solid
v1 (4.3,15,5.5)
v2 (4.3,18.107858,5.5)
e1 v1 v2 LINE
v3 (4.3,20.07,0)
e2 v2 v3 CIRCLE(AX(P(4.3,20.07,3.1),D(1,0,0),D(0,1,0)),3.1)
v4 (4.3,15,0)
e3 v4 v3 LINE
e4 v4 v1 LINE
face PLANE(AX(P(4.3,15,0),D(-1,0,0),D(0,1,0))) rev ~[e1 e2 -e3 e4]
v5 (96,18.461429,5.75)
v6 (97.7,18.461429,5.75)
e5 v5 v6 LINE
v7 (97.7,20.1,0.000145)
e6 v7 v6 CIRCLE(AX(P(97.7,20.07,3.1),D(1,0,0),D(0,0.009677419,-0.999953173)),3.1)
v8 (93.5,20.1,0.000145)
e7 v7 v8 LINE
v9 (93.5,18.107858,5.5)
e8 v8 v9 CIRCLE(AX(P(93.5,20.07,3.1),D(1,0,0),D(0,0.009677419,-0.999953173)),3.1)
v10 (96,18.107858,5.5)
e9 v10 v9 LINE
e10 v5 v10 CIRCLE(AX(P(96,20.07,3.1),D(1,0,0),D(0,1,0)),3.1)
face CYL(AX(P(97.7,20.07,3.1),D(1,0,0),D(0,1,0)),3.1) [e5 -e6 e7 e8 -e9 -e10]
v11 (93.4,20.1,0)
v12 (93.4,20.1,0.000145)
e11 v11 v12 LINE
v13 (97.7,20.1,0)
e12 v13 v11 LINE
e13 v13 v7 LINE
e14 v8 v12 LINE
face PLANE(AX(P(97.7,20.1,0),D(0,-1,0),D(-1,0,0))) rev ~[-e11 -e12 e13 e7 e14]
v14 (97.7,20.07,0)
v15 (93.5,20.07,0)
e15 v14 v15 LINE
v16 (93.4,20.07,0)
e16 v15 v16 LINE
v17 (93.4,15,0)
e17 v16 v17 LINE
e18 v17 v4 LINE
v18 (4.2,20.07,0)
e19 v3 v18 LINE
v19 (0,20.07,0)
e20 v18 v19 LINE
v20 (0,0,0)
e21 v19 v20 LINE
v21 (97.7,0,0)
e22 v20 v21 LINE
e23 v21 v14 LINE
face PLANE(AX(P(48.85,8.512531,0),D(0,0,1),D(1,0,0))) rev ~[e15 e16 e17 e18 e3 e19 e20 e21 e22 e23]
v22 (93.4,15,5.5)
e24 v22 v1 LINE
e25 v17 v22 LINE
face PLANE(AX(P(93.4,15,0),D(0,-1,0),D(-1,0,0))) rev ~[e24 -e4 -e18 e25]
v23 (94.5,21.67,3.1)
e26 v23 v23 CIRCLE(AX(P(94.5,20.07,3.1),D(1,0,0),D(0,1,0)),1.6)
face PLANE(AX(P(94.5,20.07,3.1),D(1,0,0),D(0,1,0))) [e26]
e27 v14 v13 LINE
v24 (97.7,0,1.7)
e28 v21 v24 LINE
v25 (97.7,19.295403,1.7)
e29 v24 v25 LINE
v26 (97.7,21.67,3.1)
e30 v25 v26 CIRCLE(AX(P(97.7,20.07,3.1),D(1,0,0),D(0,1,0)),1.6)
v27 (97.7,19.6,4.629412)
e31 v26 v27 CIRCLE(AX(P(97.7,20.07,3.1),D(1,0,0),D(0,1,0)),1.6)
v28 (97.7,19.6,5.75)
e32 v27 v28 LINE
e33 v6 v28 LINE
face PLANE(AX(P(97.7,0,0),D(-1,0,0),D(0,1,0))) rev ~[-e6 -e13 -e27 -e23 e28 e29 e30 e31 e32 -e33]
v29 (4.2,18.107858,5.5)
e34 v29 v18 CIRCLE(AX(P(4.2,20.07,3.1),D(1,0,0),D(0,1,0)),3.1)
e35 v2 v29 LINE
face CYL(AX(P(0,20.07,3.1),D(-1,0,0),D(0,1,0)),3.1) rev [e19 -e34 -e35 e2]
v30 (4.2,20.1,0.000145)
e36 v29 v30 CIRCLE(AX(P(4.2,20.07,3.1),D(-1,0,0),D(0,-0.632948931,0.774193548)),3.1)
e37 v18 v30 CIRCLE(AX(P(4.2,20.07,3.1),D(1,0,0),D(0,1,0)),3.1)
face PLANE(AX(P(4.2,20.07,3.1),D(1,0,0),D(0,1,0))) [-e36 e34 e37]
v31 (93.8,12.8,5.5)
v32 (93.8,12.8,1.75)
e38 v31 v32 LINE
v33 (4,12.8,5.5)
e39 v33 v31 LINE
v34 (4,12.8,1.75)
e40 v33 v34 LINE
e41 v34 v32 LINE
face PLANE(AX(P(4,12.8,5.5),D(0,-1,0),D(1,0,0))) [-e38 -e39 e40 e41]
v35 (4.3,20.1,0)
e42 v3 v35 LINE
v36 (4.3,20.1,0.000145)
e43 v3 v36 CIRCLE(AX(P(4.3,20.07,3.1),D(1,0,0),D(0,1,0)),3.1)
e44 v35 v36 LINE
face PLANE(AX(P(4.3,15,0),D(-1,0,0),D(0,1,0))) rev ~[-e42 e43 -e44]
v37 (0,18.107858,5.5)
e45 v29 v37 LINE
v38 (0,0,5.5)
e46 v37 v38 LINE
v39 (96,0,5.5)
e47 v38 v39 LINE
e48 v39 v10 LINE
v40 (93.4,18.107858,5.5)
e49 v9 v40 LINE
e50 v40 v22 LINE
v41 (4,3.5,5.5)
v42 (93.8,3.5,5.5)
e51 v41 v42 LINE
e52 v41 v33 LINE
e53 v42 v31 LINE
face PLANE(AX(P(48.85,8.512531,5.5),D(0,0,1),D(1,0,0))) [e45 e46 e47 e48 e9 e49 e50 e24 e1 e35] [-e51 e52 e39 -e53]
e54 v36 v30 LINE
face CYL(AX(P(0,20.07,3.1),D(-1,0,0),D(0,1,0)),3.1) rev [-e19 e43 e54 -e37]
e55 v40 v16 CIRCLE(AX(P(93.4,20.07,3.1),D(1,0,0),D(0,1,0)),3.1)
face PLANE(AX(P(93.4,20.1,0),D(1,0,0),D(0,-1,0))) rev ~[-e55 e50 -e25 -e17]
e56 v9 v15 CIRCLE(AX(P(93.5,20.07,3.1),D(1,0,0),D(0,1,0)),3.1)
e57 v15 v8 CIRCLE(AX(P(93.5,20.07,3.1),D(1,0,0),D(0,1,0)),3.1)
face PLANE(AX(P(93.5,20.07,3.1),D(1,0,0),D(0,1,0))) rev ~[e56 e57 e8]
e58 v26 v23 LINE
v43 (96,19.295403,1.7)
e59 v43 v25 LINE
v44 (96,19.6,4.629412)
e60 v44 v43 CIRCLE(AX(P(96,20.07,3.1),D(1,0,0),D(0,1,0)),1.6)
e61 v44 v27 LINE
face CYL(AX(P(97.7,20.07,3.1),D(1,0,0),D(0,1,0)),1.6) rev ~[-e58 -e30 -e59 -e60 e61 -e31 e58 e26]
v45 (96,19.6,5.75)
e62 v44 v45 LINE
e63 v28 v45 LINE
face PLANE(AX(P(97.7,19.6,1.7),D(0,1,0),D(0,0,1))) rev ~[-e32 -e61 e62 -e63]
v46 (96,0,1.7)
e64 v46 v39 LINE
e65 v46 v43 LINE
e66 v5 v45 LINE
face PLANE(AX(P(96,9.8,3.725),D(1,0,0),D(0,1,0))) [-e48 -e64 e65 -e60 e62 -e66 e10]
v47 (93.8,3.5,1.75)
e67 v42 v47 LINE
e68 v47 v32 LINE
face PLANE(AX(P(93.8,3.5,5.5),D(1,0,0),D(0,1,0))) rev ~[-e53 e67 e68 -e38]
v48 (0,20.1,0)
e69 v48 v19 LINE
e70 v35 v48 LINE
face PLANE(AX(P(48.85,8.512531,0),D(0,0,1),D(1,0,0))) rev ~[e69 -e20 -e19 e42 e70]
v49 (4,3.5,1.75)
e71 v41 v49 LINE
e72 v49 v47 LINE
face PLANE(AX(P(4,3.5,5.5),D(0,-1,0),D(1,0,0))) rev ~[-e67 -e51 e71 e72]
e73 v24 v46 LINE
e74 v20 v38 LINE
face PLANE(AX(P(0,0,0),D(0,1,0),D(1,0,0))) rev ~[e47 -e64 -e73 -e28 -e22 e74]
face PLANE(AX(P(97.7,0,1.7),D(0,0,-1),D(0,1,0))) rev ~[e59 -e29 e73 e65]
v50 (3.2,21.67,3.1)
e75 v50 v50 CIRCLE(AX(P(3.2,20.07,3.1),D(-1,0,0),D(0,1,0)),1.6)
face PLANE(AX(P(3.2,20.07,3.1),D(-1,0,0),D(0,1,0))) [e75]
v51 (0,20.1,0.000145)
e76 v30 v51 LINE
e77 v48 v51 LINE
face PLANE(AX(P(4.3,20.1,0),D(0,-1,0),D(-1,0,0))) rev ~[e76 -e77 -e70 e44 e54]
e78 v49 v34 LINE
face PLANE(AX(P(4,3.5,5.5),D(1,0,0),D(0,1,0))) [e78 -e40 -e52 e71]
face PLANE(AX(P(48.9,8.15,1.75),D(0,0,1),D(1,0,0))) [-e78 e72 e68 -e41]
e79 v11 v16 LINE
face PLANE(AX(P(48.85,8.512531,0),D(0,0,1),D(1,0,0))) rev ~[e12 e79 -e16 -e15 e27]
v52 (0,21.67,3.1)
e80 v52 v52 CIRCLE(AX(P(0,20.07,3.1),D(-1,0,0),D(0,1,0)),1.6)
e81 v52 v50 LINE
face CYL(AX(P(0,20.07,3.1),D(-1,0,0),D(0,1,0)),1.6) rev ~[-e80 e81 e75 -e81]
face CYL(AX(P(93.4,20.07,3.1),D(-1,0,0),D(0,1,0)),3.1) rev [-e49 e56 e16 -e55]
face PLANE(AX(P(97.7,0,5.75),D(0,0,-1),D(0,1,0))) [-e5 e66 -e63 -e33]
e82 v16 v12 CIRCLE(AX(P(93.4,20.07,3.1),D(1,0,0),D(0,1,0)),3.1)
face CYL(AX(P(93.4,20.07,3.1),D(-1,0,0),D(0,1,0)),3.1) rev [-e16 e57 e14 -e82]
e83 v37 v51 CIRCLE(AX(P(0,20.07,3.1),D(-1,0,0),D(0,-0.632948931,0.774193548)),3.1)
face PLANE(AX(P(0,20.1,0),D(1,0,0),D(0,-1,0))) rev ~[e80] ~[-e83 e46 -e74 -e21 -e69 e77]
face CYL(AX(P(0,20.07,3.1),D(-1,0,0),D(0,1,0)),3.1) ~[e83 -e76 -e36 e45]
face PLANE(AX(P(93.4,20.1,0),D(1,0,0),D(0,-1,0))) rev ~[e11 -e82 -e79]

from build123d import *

# Parameters (mm, degrees)
SKETCH011_W     = 19.6
SKETCH011_H     = 4.05
PAD007_DEPTH    = 1.7
SKETCH005_R     = 3.1
PAD004_DEPTH    = 4.3
SKETCH004_R     = 3.1
PAD003_DEPTH    = 4.3
PAD_DEPTH       = 5.5
SKETCH001_W     = 89.8
SKETCH001_H     = 9.3
POCKET_DEPTH    = 3.75
SKETCH006_R     = 3.1
PAD005_DEPTH    = 4.2
SKETCH010_R     = 1.6
POCKET002_DEPTH = 3.2
SKETCH008_R     = 3.1
PAD006_DEPTH    = 4.2
SKETCH009_R     = 1.6
POCKET001_DEPTH = 3.2


with BuildPart() as body006:
    # Sketch011 → Pad007 (new body)
    with BuildSketch(Plane.YZ.offset(97.7)):
        with Locations((9.8, 3.725)):
            Rectangle(SKETCH011_W, SKETCH011_H)
    extrude(amount=-PAD007_DEPTH)


with BuildPart() as body002:
    # Sketch005 → Pad004 (new body)
    with BuildSketch(Plane.YZ.offset(93.4)):
        with Locations((20.07, 3.1)):
            Circle(SKETCH005_R)
    extrude(amount=PAD004_DEPTH)


with BuildPart() as fusion:
    # Sketch004 → Pad003 (new body)
    with BuildSketch(Plane.YZ):
        with Locations((20.07, 3.1)):
            Circle(SKETCH004_R)
    extrude(amount=PAD003_DEPTH)

    # Fusion: union Body002
    add(body002.part)


with BuildPart() as cut:
    # Sketch → Pad (new body)
    with BuildSketch(Plane.XY):
        Polygon((0, 0), (97.7, 0), (97.7, 20.1), (93.4, 20.1), (93.4, 15), (4.3, 15), (4.3, 20.1), (0, 20.1), align=None)
    extrude(amount=PAD_DEPTH)

    # Sketch001 (on Face10 of Pad) → Pocket (cut)
    with BuildSketch(Plane.XY.offset(5.5)):
        with Locations((48.9, 8.15)):
            Rectangle(SKETCH001_W, SKETCH001_H)
    extrude(amount=-POCKET_DEPTH, mode=Mode.SUBTRACT)

    # Cut: cut Fusion
    add(fusion.part, mode=Mode.SUBTRACT)


with BuildPart() as fusion001:
    # Sketch006 → Pad005 (new body)
    with BuildSketch(Plane.YZ):
        with Locations((20.07, 3.1)):
            Circle(SKETCH006_R)
    extrude(amount=PAD005_DEPTH)

    # Sketch010 (on Face2 of Pad005) → Pocket002 (cut)
    with BuildSketch(Plane(origin=(0, 0, 0), x_dir=(0, 1, 0), z_dir=(-1, 0, 0))):
        with Locations((20.07, -3.1)):
            Circle(SKETCH010_R)
    extrude(amount=-POCKET002_DEPTH, mode=Mode.SUBTRACT)

    # Fusion001: union Cut
    add(cut.part)


with BuildPart() as cut001:
    # Sketch008 → Pad006 (new body)
    with BuildSketch(Plane.YZ.offset(97.7)):
        with Locations((20.07, 3.1)):
            Circle(SKETCH008_R)
    extrude(amount=-PAD006_DEPTH)

    # Sketch009 (on Face2 of Pad006) → Pocket001 (cut)
    with BuildSketch(Plane.YZ.offset(97.7)):
        with Locations((20.07, 3.1)):
            Circle(SKETCH009_R)
    extrude(amount=-POCKET001_DEPTH, mode=Mode.SUBTRACT)

    # Fusion002: union Fusion001
    add(fusion001.part)

    # Cut001: cut Body006
    add(body006.part, mode=Mode.SUBTRACT)


solid = cut001.part
